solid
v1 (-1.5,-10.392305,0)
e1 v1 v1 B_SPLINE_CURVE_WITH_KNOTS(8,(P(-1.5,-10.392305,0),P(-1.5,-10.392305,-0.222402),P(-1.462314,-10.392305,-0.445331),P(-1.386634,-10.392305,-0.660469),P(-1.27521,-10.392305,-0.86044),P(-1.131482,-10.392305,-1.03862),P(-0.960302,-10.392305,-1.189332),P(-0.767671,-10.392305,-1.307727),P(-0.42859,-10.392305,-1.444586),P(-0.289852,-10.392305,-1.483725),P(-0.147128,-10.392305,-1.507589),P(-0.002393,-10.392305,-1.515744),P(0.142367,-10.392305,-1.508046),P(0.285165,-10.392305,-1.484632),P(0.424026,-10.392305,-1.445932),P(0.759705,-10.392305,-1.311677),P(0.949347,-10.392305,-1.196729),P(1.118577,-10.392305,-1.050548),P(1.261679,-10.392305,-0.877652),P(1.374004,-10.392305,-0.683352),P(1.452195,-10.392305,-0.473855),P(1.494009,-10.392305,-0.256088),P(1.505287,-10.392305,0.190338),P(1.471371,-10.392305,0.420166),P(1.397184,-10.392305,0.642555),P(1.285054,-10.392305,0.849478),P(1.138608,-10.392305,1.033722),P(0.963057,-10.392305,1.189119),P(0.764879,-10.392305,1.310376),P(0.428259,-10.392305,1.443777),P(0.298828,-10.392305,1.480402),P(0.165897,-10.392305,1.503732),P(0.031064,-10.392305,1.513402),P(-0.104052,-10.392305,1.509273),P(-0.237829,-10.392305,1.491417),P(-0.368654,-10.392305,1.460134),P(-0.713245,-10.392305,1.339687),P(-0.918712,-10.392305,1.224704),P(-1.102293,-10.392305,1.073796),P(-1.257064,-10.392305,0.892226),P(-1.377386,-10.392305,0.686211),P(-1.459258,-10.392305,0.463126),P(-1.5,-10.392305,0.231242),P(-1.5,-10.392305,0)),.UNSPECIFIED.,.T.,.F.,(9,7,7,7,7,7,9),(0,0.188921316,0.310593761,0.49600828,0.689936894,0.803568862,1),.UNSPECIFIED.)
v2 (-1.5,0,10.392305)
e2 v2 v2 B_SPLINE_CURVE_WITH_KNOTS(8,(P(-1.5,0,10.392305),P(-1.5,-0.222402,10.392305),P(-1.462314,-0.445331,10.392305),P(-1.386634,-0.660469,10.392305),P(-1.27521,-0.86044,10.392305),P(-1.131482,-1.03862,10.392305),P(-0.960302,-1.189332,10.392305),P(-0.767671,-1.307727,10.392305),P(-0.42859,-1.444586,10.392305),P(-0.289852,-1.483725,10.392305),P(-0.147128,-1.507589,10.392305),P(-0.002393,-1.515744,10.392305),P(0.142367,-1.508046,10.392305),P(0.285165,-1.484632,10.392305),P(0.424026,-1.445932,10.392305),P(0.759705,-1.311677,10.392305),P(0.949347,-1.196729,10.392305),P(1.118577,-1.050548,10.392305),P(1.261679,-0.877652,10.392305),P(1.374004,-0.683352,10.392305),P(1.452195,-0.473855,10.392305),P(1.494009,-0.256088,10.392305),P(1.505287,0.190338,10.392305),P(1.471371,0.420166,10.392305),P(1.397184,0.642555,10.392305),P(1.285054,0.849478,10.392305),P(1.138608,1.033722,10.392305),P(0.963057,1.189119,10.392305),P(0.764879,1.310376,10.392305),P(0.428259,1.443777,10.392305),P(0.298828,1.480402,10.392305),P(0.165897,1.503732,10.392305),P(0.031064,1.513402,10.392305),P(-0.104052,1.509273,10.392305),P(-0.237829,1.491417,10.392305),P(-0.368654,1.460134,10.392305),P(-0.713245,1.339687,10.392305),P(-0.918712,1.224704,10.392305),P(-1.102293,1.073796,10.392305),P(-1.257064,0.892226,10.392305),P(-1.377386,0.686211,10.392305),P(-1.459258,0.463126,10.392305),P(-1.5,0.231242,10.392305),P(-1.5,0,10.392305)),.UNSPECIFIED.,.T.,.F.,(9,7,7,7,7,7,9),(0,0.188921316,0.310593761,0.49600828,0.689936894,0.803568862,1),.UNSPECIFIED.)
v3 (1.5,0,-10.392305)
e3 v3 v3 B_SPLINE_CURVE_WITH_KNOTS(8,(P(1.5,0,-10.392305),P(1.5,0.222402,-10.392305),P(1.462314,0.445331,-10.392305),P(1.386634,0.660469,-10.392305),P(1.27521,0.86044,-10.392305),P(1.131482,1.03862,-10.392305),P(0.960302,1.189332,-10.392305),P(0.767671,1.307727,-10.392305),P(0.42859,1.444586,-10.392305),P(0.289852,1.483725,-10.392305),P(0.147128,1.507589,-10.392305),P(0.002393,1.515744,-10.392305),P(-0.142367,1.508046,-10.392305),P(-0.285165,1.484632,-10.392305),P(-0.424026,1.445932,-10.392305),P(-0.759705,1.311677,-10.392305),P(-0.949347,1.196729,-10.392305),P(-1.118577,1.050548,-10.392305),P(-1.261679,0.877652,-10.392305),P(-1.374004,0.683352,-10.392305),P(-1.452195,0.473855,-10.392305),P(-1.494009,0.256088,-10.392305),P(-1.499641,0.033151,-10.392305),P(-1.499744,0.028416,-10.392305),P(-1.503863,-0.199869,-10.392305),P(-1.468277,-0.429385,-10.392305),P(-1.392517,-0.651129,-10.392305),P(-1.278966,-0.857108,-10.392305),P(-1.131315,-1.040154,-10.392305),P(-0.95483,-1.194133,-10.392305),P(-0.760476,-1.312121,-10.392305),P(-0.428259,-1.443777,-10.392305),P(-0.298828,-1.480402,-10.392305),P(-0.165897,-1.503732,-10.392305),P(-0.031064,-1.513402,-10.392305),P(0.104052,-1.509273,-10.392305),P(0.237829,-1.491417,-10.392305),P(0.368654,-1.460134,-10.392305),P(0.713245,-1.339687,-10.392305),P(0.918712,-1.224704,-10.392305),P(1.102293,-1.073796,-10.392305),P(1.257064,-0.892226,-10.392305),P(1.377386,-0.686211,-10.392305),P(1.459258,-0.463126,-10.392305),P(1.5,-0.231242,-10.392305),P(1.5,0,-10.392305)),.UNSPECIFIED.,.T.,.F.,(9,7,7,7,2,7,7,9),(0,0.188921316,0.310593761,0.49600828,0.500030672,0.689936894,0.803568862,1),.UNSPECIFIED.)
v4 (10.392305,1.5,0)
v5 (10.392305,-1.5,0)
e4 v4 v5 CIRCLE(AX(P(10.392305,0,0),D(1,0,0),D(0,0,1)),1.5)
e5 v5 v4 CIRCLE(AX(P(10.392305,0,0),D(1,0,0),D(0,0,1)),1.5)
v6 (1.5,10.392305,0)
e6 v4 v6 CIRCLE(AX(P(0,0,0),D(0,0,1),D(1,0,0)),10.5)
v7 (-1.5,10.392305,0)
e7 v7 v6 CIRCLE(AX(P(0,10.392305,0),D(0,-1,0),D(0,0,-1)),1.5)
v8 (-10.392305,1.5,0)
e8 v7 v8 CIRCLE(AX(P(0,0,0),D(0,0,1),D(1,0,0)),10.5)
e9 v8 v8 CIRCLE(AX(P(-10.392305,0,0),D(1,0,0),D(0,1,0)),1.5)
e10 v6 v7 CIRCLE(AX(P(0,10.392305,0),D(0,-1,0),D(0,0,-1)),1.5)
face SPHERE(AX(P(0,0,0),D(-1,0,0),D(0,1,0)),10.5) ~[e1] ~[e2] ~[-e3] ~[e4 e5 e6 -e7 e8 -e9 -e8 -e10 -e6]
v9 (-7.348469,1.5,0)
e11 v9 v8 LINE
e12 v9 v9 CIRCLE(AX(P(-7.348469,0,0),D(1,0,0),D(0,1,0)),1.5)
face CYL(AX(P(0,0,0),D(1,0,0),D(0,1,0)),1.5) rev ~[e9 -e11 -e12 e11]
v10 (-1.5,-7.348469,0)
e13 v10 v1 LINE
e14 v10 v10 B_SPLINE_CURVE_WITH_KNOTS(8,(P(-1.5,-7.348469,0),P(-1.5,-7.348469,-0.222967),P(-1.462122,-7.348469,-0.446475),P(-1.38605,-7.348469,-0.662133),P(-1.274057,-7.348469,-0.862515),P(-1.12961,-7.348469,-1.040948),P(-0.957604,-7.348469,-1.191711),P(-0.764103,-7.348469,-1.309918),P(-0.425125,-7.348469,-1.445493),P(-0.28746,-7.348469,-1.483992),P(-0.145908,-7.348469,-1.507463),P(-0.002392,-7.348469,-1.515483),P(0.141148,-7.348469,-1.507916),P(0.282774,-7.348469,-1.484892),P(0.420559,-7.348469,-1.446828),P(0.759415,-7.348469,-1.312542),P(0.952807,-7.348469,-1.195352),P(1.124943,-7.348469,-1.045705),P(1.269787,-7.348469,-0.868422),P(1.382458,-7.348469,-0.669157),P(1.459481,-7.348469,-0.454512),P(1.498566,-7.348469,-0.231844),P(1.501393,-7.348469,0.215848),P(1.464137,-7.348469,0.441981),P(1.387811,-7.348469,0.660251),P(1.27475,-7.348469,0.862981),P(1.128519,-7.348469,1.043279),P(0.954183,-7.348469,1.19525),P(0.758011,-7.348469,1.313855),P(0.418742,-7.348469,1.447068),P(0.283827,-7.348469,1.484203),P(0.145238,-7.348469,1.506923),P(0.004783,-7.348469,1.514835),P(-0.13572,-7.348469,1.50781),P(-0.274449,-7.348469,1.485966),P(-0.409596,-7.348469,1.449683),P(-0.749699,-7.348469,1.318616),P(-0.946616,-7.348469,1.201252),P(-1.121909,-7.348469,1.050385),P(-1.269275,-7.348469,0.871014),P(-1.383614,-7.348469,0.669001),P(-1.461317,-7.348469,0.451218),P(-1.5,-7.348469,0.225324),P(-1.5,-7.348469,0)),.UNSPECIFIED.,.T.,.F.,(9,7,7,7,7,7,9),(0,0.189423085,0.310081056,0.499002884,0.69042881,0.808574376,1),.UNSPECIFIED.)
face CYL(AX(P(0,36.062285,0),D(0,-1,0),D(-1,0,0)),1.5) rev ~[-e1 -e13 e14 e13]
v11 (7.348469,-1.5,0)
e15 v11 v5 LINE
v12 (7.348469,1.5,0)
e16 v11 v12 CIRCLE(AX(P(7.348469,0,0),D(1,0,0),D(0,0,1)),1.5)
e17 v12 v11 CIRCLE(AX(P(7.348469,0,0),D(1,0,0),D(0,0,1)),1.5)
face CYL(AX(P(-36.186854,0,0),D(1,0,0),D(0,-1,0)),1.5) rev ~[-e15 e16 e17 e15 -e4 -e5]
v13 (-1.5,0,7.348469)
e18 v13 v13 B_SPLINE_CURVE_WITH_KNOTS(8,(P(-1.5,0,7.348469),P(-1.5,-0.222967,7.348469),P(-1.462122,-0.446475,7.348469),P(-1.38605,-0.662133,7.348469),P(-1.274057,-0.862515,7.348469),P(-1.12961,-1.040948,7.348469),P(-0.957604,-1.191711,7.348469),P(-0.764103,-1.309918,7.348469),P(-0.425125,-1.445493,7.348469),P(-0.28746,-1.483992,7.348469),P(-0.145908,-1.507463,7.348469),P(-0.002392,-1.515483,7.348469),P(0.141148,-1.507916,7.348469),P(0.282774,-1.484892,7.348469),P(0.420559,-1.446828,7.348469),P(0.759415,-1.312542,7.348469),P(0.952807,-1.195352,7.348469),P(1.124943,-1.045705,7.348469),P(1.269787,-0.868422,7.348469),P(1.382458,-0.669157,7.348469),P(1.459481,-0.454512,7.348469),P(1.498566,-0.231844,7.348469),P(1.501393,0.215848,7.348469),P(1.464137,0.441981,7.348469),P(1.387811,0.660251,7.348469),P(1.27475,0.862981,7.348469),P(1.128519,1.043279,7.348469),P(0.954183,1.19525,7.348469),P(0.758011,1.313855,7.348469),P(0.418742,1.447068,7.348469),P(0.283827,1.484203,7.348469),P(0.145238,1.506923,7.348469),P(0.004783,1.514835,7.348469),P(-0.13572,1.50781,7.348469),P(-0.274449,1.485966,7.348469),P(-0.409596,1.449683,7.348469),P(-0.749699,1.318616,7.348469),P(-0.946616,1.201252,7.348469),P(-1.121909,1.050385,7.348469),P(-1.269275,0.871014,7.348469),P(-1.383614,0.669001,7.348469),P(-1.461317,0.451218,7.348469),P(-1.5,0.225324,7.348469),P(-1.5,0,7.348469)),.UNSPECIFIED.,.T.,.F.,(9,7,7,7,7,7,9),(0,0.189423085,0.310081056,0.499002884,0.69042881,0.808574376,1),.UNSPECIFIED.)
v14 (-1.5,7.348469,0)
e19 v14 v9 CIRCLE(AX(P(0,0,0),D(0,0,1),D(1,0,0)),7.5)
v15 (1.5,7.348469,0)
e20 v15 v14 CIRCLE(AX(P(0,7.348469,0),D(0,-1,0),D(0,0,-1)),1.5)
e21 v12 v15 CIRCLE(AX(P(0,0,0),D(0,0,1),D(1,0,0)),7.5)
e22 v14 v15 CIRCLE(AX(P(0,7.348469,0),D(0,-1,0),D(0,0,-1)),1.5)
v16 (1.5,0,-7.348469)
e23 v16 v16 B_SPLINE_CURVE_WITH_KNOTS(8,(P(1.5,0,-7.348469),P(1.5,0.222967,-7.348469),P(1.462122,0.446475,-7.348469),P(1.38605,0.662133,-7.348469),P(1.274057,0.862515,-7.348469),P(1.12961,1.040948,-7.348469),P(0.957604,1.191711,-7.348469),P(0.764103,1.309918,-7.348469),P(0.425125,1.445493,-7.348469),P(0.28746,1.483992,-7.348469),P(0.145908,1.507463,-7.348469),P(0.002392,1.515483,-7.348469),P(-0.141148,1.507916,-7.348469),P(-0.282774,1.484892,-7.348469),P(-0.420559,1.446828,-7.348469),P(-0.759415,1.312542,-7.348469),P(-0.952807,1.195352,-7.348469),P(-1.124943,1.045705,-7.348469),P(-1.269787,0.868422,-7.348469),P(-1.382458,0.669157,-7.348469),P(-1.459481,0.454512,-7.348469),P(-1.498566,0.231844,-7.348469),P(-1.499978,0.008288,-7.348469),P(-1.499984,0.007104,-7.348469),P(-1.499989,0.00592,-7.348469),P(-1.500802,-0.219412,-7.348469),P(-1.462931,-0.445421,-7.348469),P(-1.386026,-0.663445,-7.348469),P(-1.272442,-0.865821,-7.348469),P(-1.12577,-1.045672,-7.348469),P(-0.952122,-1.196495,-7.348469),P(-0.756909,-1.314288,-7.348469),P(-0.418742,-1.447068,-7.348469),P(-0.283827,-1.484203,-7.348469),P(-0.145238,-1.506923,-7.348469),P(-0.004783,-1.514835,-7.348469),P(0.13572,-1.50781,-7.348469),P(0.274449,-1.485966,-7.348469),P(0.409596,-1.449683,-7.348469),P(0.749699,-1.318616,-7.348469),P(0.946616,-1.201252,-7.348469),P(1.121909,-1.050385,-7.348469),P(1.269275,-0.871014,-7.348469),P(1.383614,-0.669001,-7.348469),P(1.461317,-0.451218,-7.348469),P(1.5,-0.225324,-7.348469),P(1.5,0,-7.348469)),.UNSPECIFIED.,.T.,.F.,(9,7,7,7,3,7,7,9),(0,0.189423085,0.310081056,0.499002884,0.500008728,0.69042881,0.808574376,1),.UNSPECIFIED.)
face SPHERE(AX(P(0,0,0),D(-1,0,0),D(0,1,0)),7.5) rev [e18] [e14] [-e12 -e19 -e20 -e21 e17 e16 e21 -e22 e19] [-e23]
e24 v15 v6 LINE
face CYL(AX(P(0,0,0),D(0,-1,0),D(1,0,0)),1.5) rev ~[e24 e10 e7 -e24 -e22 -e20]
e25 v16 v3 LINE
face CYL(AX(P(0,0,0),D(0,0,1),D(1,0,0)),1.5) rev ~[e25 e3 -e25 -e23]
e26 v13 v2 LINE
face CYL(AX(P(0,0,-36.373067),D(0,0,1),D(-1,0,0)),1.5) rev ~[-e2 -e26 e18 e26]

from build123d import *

# Parameters (mm, degrees)
F2_T      = -3
F4_D      = 3
F4_DEPTH  = 10.501
F6_D      = 3
F8_D      = 3
F8_DEPTH  = 10.501
F10_D     = 3
F12_D     = 3
F12_DEPTH = 10.501
F14_D     = 3


with BuildPart() as f1:
    # F0 (on Top) → F1 (revolve)
    with BuildSketch(Plane.XY):
        with BuildLine():
            ThreePointArc((10.5, 0), (0, 10.5), (-10.5, 0))
            Line((-10.5, 0), (10.5, 0))
        make_face()
    revolve(axis=Axis((0.3997717993, 0, 0), (1, 0, 0)))

    # F2 (hollow: no face is removed)
    offset(amount=F2_T, mode=Mode.SUBTRACT)

    # F4 (through all, one way)
    with BuildSketch(Plane.XY):
        with Locations((0, 0)):
            Circle(F4_D / 2)
    extrude(amount=-F4_DEPTH, mode=Mode.SUBTRACT)

    # F6 (through all)
    with Locations(Plane(origin=(0, 0, 0), x_dir=(1, 0, 0), z_dir=(0, 0, -1))):
        with Locations((0, 0)):
            Hole(F6_D / 2)

    # F8 (through all, one way)
    with BuildSketch(Plane.YZ):
        with Locations((0, 0)):
            Circle(F8_D / 2)
    extrude(amount=-F8_DEPTH, mode=Mode.SUBTRACT)

    # F10 (through all)
    with Locations(Plane(origin=(0, 0, 0), x_dir=(0, 1, 0), z_dir=(-1, 0, 0))):
        with Locations((0, 0)):
            Hole(F10_D / 2)

    # F12 (through all, one way)
    with BuildSketch(Plane.XZ):
        with Locations((0, 0)):
            Circle(F12_D / 2)
    extrude(amount=-F12_DEPTH, mode=Mode.SUBTRACT)

    # F14 (through all)
    with Locations(Plane(origin=(0, 0, 0), x_dir=(1, 0, 0), z_dir=(0, 1, 0))):
        with Locations((0, 0)):
            Hole(F14_D / 2)


solid = f1.part
